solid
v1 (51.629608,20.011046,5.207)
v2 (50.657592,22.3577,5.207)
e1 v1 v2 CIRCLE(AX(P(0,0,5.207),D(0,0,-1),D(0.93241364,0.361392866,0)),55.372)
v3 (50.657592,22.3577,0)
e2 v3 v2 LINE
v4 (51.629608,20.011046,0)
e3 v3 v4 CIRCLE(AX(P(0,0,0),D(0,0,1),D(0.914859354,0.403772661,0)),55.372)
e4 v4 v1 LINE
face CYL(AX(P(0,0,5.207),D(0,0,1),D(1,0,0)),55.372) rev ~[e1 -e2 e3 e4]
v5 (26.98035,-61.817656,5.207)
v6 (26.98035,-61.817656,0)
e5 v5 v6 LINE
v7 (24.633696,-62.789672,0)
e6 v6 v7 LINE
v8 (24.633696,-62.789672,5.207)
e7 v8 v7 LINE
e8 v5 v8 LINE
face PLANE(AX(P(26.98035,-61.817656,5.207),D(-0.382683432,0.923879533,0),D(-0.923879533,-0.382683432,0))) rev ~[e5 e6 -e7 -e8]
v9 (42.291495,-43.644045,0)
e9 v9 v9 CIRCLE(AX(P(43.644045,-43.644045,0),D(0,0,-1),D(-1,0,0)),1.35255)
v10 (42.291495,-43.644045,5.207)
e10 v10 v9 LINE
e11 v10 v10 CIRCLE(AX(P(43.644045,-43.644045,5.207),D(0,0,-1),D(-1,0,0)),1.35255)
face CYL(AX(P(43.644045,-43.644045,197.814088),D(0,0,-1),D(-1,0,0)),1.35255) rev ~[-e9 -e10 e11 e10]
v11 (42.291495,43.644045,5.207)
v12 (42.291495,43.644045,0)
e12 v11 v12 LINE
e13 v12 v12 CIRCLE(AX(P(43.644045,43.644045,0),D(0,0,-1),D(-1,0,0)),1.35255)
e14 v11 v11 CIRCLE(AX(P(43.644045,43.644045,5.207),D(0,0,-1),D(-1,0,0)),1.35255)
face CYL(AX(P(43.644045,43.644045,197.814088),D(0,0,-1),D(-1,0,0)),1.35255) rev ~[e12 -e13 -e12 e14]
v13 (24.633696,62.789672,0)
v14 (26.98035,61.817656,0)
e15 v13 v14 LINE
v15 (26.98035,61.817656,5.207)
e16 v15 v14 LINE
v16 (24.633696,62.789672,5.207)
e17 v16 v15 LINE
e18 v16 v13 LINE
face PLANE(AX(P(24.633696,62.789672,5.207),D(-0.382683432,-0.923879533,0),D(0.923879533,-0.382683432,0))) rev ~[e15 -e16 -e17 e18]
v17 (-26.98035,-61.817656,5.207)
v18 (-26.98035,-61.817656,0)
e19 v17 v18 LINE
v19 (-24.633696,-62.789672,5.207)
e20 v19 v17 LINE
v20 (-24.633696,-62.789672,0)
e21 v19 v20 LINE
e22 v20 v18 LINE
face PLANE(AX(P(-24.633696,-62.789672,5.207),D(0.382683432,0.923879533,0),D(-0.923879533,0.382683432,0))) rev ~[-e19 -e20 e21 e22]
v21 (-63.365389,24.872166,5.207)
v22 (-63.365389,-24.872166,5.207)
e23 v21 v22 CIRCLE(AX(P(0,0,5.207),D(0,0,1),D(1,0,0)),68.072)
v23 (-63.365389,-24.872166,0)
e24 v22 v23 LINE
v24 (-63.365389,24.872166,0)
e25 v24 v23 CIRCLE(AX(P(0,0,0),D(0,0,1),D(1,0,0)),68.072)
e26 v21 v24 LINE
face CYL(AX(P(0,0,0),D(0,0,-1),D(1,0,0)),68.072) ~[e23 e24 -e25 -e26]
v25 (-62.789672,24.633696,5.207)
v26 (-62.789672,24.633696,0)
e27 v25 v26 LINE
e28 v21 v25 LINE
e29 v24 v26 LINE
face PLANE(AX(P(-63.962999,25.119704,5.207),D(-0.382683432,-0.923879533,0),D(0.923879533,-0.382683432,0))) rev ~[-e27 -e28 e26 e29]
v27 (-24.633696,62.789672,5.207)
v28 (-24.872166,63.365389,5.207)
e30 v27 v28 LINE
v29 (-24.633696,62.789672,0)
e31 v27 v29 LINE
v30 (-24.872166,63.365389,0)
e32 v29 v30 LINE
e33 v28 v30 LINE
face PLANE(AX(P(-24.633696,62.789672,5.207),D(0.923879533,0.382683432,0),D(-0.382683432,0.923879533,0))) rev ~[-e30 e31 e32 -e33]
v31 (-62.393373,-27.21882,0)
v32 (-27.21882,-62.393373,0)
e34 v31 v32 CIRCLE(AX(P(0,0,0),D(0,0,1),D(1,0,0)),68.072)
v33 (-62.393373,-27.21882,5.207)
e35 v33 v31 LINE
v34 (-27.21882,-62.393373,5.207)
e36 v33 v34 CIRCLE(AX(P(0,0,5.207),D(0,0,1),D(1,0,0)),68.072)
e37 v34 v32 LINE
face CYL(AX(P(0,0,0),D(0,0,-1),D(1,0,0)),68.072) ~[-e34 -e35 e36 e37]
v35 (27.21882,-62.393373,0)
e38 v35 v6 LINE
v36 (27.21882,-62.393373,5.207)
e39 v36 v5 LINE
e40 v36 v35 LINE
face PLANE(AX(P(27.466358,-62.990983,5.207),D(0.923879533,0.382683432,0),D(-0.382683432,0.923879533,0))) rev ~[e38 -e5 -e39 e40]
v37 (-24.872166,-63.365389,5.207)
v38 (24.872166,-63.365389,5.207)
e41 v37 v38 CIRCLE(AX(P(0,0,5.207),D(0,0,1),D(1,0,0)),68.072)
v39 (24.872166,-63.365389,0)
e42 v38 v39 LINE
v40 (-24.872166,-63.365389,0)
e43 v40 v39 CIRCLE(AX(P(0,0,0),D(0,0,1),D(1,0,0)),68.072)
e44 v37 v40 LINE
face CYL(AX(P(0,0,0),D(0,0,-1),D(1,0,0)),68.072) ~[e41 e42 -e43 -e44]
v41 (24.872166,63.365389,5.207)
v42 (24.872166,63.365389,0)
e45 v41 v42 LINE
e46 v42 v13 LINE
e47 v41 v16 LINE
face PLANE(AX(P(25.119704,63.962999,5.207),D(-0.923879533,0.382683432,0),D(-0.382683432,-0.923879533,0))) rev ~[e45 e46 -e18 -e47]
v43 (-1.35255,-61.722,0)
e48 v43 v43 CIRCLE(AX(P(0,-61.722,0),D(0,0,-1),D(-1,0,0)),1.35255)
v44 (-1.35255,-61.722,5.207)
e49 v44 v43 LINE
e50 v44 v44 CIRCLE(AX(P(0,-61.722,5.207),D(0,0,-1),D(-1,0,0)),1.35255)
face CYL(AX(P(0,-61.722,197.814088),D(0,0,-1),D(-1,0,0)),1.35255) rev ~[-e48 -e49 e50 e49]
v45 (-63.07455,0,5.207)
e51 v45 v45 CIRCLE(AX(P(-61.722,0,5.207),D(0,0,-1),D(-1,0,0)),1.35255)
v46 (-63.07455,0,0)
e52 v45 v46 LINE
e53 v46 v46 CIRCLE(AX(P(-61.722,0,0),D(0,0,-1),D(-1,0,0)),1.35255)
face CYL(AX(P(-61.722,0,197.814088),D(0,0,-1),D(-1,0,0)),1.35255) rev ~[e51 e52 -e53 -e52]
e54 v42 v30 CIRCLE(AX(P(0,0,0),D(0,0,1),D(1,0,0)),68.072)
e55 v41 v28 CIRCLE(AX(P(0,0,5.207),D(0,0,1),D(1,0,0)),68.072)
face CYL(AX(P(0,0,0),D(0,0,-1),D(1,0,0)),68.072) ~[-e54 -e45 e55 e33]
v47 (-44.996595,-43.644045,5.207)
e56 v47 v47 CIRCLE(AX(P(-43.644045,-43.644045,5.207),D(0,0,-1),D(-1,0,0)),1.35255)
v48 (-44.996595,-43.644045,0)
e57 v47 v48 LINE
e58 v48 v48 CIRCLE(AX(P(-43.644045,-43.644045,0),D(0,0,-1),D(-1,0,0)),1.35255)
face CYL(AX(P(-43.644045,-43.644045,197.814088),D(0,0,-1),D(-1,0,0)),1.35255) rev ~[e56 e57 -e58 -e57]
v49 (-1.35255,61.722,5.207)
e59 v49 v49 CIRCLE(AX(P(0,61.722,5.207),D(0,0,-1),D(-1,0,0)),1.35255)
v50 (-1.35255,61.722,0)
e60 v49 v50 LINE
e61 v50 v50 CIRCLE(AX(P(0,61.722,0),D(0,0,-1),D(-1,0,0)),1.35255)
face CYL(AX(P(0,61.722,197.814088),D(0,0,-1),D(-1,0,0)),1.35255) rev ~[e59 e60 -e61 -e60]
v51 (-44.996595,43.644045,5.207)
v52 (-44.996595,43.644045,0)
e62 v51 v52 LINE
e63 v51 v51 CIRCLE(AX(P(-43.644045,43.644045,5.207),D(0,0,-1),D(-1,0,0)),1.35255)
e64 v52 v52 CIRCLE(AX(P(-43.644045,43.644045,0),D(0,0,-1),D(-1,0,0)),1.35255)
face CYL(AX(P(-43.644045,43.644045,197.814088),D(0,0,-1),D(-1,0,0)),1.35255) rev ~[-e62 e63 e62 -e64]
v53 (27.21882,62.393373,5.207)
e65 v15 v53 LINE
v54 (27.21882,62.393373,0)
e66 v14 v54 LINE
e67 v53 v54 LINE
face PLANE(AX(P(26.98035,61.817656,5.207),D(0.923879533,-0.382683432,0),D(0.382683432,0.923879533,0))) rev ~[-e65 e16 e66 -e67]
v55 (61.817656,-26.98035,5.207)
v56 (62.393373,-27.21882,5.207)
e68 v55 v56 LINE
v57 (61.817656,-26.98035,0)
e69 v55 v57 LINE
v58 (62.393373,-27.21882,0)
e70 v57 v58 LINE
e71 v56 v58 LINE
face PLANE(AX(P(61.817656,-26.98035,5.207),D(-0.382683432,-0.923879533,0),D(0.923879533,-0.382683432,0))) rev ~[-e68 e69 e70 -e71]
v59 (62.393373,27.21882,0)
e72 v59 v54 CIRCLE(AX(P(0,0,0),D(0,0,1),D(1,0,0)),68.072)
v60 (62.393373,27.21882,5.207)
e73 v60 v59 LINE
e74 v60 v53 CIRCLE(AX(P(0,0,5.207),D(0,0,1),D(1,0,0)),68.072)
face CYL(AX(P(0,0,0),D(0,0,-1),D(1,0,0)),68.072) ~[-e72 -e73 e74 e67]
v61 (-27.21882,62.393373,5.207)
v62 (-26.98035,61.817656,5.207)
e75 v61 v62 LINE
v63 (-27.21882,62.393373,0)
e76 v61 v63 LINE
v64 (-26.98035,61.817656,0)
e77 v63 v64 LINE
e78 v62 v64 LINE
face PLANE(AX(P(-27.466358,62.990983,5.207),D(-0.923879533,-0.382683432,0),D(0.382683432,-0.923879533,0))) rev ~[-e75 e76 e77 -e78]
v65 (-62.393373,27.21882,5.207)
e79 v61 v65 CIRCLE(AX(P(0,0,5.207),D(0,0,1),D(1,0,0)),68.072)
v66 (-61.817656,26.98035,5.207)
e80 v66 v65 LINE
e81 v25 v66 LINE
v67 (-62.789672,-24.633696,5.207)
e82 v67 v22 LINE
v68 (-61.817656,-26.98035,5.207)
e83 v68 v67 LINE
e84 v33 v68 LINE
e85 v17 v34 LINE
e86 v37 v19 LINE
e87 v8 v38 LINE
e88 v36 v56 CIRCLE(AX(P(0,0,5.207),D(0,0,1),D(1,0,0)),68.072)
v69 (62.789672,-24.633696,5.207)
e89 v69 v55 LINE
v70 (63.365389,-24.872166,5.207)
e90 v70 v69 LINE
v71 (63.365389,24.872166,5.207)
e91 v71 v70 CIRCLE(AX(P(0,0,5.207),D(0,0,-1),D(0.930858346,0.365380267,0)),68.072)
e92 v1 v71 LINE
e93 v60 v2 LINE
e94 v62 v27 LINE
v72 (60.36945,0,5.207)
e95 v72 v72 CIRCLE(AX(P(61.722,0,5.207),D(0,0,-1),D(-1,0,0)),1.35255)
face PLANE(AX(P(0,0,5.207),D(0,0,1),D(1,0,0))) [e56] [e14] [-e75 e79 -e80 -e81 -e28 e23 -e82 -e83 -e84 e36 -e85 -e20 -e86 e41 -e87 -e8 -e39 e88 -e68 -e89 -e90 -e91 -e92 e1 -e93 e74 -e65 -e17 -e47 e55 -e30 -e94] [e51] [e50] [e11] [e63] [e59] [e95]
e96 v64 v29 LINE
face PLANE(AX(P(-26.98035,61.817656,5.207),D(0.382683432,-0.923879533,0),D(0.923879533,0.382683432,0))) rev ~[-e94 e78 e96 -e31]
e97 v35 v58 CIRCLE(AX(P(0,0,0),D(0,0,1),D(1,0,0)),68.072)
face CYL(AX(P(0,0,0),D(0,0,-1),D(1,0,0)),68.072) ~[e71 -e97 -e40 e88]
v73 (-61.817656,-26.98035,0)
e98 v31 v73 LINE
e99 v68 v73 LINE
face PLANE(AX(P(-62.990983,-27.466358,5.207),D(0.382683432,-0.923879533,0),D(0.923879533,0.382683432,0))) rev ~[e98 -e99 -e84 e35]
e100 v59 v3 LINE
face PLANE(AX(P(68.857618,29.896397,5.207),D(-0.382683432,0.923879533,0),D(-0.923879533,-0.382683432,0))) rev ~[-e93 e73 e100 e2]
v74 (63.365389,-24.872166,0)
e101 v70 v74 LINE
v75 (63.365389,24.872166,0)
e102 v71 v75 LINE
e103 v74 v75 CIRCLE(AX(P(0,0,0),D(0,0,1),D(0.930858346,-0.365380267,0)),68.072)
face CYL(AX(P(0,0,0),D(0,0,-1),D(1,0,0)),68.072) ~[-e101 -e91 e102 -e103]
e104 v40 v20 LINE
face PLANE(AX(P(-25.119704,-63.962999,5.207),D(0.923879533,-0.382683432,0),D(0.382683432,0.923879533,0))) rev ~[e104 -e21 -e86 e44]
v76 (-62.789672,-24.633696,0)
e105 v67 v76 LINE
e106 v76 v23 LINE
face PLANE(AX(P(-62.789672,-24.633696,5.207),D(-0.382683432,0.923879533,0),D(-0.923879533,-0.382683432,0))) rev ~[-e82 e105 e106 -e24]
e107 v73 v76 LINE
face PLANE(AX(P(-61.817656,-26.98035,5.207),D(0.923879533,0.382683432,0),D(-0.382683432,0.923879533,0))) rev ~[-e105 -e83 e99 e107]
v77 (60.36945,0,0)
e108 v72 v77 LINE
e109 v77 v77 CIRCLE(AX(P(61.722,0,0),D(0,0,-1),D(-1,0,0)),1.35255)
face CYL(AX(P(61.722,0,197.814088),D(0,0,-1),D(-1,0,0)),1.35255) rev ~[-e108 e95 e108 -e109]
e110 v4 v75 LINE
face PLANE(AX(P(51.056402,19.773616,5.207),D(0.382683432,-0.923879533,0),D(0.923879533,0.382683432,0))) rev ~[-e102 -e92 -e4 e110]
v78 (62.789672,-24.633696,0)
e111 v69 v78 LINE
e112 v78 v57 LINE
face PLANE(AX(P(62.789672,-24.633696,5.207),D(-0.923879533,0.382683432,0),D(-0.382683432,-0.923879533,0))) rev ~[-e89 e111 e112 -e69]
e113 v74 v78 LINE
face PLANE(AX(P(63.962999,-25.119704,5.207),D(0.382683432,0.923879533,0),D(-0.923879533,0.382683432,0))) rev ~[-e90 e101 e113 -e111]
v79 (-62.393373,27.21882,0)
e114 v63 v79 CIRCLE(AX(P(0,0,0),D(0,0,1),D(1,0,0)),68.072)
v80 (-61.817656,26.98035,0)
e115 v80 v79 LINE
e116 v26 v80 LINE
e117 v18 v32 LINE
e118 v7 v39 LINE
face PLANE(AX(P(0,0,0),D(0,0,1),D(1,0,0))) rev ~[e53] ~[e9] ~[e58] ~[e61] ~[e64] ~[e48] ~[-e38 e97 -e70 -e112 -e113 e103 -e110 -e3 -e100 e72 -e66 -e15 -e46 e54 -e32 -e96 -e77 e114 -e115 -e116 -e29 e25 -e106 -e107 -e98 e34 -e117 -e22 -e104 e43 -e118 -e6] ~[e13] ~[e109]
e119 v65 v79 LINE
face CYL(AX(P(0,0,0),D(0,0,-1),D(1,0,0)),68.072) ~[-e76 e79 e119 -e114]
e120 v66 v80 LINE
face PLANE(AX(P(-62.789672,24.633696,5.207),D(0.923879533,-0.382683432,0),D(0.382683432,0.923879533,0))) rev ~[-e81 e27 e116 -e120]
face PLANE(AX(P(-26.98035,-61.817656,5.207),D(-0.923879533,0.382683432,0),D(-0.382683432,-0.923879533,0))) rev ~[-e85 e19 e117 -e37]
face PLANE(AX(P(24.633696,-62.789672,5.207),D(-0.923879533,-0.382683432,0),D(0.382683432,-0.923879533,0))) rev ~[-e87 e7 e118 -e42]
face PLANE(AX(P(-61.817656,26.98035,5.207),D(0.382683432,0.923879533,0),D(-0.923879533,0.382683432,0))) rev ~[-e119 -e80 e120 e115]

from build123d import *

# Parameters (mm, degrees)
SKETCH4_R             = 68.072
BOSS_EXTRUDE2_DEPTH   = 5.207
SKETCH5_R             = 55.372
CUT_EXTRUDE5_DEPTH    = 6.207
CUT_EXTRUDE11_DEPTH   = 6.207
F_6_32_TAPPED_HOLE1_D = 2.7051


with BuildPart() as part:
    # Sketch4 → Boss-Extrude2 (new body)
    with BuildSketch(Plane.XY):
        Circle(SKETCH4_R)
    extrude(amount=BOSS_EXTRUDE2_DEPTH)

    # Sketch5 → Cut-Extrude5 (cut, through all)
    with BuildSketch(Plane.XY.offset(5.207)):
        Circle(SKETCH5_R)
    extrude(amount=-CUT_EXTRUDE5_DEPTH, mode=Mode.SUBTRACT)

    # Sketch8 → Cut-Extrude11 (cut, through all)
    with BuildSketch(Plane.XY.offset(5.207)):
        Polygon((68.857618113, 29.896397389), (50.084386012, 22.120270044), (51.05640193, 19.773616031), (69.829634031, 27.549743377), align=None)
        Polygon((27.466357594, 62.990983081), (25.119703581, 63.962998999), (24.633695622, 62.789671993), (26.980349635, 61.817656075), align=None)
        Polygon((-25.119703581, 63.962998999), (-27.466357594, 62.990983081), (-26.980349635, 61.817656075), (-24.633695622, 62.789671993), align=None)
        Polygon((-62.990983081, 27.466357594), (-63.962998999, 25.119703581), (-62.789671993, 24.633695622), (-61.817656075, 26.980349635), align=None)
        Polygon((-63.962998999, -25.119703581), (-62.990983081, -27.466357594), (-61.817656075, -26.980349635), (-62.789671993, -24.633695622), align=None)
        Polygon((-27.466357594, -62.990983081), (-25.119703581, -63.962998999), (-24.633695622, -62.789671993), (-26.980349635, -61.817656075), align=None)
        Polygon((25.119703581, -63.962998999), (27.466357594, -62.990983081), (26.980349635, -61.817656075), (24.633695622, -62.789671993), align=None)
        Polygon((62.990983081, -27.466357594), (63.962998999, -25.119703581), (62.789671993, -24.633695622), (61.817656075, -26.980349635), align=None)
    extrude(amount=-CUT_EXTRUDE11_DEPTH, mode=Mode.SUBTRACT)

    # #6-32 Tapped Hole1 (through all)
    with Locations(Plane.XY.offset(5.207)):
        with Locations((61.722, 0), (43.644044748, -43.644044748), (0, -61.722), (-43.644044748, -43.644044748), (-61.722, 0), (-43.644044748, 43.644044748), (0, 61.722), (43.644044748, 43.644044748)):
            Hole(F_6_32_TAPPED_HOLE1_D / 2)


solid = part.part
